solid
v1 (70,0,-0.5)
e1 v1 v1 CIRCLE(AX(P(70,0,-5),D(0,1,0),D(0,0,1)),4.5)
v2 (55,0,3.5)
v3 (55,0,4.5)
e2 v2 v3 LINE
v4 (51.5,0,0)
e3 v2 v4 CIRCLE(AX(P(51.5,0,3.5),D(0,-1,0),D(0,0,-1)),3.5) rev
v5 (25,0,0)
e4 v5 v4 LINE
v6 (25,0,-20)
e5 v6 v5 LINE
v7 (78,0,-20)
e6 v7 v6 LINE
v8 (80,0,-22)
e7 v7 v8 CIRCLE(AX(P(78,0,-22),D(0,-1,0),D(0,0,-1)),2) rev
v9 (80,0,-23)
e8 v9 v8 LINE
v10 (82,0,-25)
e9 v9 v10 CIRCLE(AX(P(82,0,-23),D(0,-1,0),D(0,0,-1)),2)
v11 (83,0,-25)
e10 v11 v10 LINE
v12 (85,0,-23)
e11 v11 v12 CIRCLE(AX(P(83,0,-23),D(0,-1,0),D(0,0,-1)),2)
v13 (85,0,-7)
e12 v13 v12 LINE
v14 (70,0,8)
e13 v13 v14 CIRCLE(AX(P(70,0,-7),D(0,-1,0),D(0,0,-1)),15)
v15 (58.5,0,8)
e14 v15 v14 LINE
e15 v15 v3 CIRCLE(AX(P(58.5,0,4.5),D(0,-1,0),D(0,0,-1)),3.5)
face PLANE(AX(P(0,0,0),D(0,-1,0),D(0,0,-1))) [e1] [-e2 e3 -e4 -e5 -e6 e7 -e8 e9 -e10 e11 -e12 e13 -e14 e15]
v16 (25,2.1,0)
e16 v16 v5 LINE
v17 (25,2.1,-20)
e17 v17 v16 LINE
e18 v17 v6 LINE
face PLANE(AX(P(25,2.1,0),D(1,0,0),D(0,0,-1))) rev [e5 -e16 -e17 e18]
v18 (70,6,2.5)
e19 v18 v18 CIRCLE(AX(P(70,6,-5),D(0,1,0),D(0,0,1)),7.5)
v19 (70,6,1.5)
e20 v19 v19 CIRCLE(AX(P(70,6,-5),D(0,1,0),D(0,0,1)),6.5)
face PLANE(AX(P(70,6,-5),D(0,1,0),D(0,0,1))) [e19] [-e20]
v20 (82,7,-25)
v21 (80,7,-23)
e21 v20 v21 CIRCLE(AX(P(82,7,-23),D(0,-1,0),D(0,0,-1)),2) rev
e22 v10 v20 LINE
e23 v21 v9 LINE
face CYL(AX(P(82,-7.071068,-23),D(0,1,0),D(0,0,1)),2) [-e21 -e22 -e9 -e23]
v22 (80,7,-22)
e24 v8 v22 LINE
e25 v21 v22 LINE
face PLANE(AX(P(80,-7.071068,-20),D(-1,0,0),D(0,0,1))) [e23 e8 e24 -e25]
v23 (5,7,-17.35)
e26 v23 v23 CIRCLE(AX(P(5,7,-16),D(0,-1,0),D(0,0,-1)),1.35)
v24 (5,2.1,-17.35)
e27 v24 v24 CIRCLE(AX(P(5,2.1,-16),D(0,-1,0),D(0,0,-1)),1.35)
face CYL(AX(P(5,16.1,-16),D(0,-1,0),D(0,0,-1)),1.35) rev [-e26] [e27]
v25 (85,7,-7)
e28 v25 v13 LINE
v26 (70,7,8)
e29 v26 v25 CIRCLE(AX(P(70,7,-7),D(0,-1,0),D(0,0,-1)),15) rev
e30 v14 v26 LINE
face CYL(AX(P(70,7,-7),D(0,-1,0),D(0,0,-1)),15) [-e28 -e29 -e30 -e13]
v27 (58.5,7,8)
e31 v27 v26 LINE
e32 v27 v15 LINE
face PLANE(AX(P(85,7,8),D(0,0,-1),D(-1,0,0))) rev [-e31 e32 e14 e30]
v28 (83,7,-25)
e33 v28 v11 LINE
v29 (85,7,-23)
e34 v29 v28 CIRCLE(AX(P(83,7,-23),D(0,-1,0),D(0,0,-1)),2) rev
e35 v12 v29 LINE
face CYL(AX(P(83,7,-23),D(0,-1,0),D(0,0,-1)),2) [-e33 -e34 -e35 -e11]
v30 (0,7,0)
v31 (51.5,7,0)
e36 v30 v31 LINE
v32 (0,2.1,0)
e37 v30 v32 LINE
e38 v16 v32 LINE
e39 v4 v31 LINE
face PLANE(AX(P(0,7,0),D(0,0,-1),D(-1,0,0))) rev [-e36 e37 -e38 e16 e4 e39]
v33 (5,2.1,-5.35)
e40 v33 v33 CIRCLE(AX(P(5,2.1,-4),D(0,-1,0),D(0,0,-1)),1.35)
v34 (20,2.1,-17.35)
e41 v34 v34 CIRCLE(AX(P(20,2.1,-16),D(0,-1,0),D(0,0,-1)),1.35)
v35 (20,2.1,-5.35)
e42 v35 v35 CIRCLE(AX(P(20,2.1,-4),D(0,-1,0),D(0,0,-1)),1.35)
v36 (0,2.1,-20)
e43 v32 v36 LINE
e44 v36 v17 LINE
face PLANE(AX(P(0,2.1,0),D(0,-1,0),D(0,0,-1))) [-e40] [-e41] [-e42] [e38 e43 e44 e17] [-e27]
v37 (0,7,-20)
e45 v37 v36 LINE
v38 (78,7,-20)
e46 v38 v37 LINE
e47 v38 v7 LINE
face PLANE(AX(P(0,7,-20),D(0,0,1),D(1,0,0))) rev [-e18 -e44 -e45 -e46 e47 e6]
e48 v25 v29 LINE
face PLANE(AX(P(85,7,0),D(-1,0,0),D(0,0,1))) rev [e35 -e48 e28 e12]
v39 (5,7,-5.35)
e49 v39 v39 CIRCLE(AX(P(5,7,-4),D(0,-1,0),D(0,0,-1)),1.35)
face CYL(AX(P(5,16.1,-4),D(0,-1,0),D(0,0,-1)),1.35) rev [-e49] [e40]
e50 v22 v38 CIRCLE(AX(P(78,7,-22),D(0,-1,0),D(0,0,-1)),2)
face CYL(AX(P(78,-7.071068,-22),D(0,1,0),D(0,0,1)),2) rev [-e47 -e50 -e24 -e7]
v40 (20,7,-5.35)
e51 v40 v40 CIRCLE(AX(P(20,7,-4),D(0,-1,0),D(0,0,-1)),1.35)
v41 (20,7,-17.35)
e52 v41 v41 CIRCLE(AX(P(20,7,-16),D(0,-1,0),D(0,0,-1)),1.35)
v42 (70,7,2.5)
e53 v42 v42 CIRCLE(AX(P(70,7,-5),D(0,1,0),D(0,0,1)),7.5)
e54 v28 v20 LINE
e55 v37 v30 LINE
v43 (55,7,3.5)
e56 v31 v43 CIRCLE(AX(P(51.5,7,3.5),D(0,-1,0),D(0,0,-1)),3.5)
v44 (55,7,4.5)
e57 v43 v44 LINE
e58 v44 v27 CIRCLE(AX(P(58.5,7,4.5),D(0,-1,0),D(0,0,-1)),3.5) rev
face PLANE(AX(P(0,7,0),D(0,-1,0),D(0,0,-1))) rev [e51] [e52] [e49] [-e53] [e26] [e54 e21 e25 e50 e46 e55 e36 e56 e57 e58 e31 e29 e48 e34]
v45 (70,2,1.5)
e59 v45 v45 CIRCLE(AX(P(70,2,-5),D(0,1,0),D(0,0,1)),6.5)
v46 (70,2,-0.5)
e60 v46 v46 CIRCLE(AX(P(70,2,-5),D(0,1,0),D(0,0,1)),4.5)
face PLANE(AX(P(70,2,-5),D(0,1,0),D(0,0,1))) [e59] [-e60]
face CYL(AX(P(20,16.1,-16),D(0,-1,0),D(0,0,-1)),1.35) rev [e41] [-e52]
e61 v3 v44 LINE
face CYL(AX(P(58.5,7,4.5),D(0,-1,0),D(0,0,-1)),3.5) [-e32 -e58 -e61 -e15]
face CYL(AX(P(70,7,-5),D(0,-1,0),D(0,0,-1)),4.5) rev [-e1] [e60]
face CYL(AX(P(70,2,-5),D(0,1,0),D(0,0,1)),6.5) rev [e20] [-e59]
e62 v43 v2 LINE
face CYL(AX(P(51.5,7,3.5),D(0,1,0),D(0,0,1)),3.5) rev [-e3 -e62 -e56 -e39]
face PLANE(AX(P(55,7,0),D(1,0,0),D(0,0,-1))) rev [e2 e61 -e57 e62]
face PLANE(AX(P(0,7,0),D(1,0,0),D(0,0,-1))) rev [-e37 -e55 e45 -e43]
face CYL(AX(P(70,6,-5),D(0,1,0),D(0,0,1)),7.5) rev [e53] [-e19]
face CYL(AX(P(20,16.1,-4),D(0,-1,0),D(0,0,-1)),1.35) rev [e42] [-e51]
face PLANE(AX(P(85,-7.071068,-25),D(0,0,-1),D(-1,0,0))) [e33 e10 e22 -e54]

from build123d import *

# Parameters (mm, degrees)
SKETCH1_R           = 4.5
BOSS_EXTRUDE1_DEPTH = 7
SKETCH2_W           = 25
SKETCH2_H           = 20
CUT_EXTRUDE1_DEPTH  = 2.1
SKETCH3_R           = 1.35
CUT_EXTRUDE2_DEPTH  = 14
FILLET2_R           = 3.5
SKETCH4_R           = 7.5
CUT_EXTRUDE3_DEPTH  = 1
SKETCH5_R           = 6.5
CUT_EXTRUDE4_DEPTH  = 4
FILLET3_R           = 15
SKETCH6_W           = 5
SKETCH6_H           = 5
BOSS_EXTRUDE2_DEPTH = 7
FILLET4_R           = 2


with BuildPart() as part:
    # Sketch1 → Boss-Extrude1 (new body)
    with BuildSketch(Plane(origin=(0, 0, 0), x_dir=(1, 0, 0), z_dir=(0, 1, 0))):
        Polygon((0, 0), (55, 0), (55, -8), (85, -8), (85, 0), (85, 20), (0, 20), align=None)
        with Locations(Location((70, 5, 0), (0, 0, 270))):
            Circle(SKETCH1_R, mode=Mode.SUBTRACT)
    extrude(amount=BOSS_EXTRUDE1_DEPTH)

    # Sketch2 → Cut-Extrude1 (cut)
    with BuildSketch(Plane.XZ):
        with Locations((12.5, -10)):
            Rectangle(SKETCH2_W, SKETCH2_H)
    extrude(amount=-CUT_EXTRUDE1_DEPTH, mode=Mode.SUBTRACT)

    # Sketch3 → Cut-Extrude2 (cut)
    with BuildSketch(Plane.XZ.offset(-2.1)):
        with Locations(Location((5, -4, 0), (0, 0, 270))):
            Circle(SKETCH3_R)
        with Locations(Location((20, -4, 0), (0, 0, 270))):
            Circle(SKETCH3_R)
        with Locations(Location((20, -16, 0), (0, 0, 270))):
            Circle(SKETCH3_R)
        with Locations(Location((5, -16, 0), (0, 0, 270))):
            Circle(SKETCH3_R)
    extrude(amount=-CUT_EXTRUDE2_DEPTH, mode=Mode.SUBTRACT)

    # Fillet2
    fillet2_edges = [part.edges().sort_by_distance(p)[0] for p in [
        (55, 3.5, 8),
        (55, 3.5, 0),
    ]]
    fillet(fillet2_edges, radius=FILLET2_R)

    # Sketch4 → Cut-Extrude3 (cut)
    with BuildSketch(Plane(origin=(0, 7, 0), x_dir=(1, 0, 0), z_dir=(0, 1, 0))):
        with Locations(Location((70, 5, 0), (0, 0, 270))):
            Circle(SKETCH4_R)
    extrude(amount=-CUT_EXTRUDE3_DEPTH, mode=Mode.SUBTRACT)

    # Sketch5 → Cut-Extrude4 (cut)
    with BuildSketch(Plane(origin=(0, 6, 0), x_dir=(1, 0, 0), z_dir=(0, 1, 0))):
        with Locations(Location((70, 5, 0), (0, 0, 270))):
            Circle(SKETCH5_R)
    extrude(amount=-CUT_EXTRUDE4_DEPTH, mode=Mode.SUBTRACT)

    # Fillet3
    fillet3_edges = [part.edges().sort_by_distance(p)[0] for p in [
        (85, 3.5, 8),
    ]]
    fillet(fillet3_edges, radius=FILLET3_R)

    # Sketch6 → Boss-Extrude2 (add)
    with BuildSketch(Plane(origin=(0, 7, 0), x_dir=(1, 0, 0), z_dir=(0, 1, 0))):
        with Locations((82.5, 22.5)):
            Rectangle(SKETCH6_W, SKETCH6_H)
    extrude(amount=-BOSS_EXTRUDE2_DEPTH)

    # Fillet4
    fillet4_edges = [part.edges().sort_by_distance(p)[0] for p in [
        (80, 3.5, -25),
        (80, 3.5, -20),
        (85, 3.5, -25),
    ]]
    fillet(fillet4_edges, radius=FILLET4_R)


solid = part.part
